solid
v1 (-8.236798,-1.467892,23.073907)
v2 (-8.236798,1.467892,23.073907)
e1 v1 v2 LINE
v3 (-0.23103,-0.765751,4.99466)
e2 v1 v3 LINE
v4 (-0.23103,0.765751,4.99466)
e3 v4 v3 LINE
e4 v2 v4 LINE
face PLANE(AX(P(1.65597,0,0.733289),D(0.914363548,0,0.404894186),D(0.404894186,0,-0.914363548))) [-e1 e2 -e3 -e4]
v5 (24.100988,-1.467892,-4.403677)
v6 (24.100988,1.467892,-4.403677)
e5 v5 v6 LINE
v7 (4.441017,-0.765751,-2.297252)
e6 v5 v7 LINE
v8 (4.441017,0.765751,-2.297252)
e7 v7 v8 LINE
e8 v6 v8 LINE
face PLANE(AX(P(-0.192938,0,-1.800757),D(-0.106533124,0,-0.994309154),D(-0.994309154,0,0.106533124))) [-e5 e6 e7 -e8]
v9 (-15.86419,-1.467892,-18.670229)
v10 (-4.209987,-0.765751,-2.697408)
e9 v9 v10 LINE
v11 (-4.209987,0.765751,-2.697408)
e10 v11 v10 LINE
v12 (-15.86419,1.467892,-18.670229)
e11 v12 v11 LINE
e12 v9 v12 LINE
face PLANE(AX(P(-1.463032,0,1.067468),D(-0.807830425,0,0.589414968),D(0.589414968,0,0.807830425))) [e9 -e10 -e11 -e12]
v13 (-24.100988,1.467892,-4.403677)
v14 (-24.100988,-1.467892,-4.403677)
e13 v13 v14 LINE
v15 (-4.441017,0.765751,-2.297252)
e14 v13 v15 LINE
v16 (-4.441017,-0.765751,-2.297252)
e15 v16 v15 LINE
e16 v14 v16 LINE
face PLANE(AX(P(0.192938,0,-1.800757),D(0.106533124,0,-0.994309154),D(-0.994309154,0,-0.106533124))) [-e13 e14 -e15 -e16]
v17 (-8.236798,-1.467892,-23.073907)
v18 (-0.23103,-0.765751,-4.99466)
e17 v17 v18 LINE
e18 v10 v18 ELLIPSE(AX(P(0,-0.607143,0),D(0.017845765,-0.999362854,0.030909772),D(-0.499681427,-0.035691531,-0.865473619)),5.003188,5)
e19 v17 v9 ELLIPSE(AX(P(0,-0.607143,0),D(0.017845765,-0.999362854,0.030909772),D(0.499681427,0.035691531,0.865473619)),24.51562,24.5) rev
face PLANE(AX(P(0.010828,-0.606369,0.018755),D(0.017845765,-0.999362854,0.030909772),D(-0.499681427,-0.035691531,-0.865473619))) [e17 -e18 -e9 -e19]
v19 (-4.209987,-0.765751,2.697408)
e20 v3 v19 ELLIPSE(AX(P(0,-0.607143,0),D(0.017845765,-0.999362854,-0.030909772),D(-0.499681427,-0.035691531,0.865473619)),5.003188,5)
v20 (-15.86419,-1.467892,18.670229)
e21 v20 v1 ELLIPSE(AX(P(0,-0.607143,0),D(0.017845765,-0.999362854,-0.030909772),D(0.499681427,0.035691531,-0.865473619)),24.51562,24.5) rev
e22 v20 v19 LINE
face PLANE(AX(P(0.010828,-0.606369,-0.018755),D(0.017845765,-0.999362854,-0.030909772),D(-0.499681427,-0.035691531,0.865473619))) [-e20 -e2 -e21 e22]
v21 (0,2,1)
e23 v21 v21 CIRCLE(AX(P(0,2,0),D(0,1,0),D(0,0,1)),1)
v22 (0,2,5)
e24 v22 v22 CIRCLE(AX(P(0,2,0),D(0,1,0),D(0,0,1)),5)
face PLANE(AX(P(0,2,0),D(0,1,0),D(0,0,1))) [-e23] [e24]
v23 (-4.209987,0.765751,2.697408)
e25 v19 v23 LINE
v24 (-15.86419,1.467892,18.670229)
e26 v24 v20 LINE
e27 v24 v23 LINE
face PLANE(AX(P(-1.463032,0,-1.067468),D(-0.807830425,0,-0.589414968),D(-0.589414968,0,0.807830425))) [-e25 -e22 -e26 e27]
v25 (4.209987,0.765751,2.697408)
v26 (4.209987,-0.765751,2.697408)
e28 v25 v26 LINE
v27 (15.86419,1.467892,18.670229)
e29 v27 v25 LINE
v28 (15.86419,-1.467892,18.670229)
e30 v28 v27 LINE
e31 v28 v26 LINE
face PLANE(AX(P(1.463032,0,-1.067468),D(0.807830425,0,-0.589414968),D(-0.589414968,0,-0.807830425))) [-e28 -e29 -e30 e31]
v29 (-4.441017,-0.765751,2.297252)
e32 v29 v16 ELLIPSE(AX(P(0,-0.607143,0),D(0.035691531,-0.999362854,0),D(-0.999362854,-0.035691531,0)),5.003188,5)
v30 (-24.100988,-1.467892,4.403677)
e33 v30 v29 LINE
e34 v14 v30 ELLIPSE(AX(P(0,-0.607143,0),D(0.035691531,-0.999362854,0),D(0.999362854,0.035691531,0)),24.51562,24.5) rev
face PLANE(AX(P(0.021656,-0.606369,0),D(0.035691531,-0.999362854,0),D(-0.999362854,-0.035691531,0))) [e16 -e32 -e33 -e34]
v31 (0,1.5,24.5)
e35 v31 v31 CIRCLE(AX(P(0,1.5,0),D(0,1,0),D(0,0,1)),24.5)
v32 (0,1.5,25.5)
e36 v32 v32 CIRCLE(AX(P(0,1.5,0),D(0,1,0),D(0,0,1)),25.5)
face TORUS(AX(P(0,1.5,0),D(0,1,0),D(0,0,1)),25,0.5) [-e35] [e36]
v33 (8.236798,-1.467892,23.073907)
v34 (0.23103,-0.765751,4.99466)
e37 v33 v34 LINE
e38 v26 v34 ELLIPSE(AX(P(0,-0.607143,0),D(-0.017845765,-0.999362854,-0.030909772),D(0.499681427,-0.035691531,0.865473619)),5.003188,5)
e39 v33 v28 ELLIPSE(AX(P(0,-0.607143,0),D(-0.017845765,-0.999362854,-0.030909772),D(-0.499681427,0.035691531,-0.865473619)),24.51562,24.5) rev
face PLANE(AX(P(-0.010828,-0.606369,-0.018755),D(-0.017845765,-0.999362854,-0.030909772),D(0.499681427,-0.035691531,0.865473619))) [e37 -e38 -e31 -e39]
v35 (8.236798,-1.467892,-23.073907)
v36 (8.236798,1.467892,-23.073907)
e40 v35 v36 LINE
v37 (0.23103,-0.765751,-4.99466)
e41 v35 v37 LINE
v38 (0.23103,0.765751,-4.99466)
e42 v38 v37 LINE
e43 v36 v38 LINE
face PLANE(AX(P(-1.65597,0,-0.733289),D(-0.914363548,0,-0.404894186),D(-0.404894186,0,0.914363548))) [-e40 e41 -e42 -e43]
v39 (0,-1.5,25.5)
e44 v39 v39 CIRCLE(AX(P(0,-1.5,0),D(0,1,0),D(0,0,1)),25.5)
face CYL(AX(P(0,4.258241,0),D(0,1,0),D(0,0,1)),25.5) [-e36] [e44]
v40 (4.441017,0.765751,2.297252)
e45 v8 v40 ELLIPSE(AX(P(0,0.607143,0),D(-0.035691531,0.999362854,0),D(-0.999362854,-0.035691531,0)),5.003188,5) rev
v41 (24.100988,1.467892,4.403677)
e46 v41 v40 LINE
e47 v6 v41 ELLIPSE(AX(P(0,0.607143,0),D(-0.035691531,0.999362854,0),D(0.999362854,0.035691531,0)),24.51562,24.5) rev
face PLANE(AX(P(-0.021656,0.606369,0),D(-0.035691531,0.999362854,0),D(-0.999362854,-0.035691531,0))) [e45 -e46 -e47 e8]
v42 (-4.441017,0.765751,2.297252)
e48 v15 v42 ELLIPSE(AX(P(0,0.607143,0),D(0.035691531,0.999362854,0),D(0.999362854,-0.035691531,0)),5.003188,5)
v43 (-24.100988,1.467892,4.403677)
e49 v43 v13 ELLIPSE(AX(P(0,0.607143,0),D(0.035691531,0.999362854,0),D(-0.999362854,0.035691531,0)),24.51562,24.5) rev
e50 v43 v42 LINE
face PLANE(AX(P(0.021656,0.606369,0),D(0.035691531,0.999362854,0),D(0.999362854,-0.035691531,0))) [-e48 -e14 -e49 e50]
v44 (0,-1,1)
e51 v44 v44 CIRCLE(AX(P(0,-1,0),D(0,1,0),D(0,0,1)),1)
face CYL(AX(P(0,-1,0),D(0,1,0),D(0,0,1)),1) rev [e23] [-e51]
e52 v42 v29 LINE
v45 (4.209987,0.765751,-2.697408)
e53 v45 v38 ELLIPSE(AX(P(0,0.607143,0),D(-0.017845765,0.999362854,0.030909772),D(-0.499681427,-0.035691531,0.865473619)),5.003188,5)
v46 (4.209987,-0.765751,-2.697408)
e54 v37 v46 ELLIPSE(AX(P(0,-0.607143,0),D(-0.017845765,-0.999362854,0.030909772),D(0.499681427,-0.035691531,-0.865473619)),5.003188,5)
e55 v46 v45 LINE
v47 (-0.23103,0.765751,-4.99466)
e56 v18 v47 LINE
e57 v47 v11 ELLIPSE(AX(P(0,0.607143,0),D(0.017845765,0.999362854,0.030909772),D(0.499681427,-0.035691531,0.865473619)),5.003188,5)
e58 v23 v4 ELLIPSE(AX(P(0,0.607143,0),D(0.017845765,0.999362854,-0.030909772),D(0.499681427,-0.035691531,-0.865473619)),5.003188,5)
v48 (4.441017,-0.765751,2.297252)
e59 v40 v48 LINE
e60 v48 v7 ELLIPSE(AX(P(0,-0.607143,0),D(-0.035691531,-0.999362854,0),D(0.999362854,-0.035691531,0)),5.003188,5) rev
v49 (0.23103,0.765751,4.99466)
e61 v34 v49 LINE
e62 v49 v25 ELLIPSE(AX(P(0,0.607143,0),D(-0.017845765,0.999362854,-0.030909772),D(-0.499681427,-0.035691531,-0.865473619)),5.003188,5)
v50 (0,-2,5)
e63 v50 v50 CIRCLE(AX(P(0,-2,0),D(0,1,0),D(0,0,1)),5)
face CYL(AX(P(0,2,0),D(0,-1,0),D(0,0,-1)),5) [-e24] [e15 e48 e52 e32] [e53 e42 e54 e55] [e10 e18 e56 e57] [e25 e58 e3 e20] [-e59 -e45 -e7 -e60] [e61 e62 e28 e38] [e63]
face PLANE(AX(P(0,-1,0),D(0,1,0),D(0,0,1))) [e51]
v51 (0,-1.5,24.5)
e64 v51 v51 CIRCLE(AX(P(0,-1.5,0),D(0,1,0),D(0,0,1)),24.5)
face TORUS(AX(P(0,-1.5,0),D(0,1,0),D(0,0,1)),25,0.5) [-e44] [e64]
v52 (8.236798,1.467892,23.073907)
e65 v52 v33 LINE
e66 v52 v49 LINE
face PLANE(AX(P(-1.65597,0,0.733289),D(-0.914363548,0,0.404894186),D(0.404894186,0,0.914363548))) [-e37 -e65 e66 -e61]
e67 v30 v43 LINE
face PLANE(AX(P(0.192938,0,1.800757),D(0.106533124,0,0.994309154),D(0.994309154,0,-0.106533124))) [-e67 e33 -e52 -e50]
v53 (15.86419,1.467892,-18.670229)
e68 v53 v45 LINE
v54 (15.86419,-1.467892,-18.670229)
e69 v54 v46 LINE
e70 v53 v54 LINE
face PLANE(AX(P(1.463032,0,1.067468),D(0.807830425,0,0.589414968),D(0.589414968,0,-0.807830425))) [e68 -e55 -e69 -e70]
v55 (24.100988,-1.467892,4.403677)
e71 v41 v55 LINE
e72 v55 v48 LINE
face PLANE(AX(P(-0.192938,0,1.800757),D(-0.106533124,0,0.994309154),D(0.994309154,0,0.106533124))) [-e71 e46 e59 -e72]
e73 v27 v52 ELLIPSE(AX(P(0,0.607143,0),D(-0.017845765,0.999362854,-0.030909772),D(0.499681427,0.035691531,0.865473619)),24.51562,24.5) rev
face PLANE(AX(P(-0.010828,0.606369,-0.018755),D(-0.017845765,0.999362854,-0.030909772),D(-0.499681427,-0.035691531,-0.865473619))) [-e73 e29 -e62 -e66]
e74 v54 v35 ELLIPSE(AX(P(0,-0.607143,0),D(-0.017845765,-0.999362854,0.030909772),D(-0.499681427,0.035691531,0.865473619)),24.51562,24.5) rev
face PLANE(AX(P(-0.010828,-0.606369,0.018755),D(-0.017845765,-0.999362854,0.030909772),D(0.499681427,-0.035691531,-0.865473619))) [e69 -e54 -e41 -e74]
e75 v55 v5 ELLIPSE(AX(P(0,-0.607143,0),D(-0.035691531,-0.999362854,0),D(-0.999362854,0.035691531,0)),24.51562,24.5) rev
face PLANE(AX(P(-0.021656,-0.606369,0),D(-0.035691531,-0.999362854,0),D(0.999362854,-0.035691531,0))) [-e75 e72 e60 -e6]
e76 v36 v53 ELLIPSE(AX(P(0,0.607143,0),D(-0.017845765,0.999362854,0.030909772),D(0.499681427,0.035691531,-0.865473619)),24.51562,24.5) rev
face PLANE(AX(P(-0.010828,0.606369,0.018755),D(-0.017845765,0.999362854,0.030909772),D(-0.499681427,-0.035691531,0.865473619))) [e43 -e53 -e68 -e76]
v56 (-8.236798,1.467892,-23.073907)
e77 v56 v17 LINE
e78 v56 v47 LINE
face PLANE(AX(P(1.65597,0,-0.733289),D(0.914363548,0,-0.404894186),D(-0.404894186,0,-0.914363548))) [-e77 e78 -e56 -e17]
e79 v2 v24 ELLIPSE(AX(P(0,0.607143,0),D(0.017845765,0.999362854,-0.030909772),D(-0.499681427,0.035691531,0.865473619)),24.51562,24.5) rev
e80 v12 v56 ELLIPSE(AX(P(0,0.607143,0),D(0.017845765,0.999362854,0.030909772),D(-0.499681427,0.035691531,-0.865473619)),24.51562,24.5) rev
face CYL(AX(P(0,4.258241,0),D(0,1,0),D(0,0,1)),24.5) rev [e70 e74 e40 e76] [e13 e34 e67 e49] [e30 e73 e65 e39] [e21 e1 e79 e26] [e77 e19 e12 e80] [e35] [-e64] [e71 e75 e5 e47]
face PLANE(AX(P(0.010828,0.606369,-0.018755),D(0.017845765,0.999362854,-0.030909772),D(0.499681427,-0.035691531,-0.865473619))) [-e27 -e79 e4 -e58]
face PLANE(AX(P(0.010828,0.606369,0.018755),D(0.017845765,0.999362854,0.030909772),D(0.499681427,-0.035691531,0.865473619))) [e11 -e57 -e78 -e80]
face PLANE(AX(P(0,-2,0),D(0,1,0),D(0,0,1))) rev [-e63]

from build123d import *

# Parameters (mm, degrees)
BOSS_EXTRUDE1_DEPTH      = 2
BOSS_EXTRUDE1_DEPTH_BACK = 2
SKETCH2_R                = 5
CIRPATTERN1_COUNT        = 6
SKETCH5_R                = 1
CUT_EXTRUDE1_DEPTH       = 3


with BuildPart() as part:
    # Sketch1 → Revolve1 (revolve)
    with BuildSketch(Plane.XY):
        with BuildLine():
            Line((25.5, 1.5), (25.5, -1.5))
            ThreePointArc((25.5, -1.5), (25, -2), (24.5, -1.5))
            Line((24.5, -1.5), (24.5, 1.5))
            ThreePointArc((24.5, 1.5), (25, 2), (25.5, 1.5))
        make_face()
    revolve(axis=Axis((0, 4.258241229, 0), (0, -1, 0)))



with BuildPart() as body_2:
    # Sketch2 → Boss-Extrude1 (new, two sides: drawn at the far end of the back side and taken through both)
    with BuildSketch(Plane(origin=(0, 0, 0), x_dir=(1, 0, 0), z_dir=(0, 1, 0)).offset(-BOSS_EXTRUDE1_DEPTH_BACK)):
        Circle(SKETCH2_R)
    extrude(amount=BOSS_EXTRUDE1_DEPTH + BOSS_EXTRUDE1_DEPTH_BACK)


with BuildPart() as part_1:
    add(part.part)

    add(body_2.part)  # Loft1 merges body 2
    # Sketch4 → Loft1 section 0
    with BuildSketch(Plane(origin=(25, 0, 0), x_dir=(0, 0, -1), z_dir=(1, 0, 0))):
        with BuildLine():
            Line((4.5, -1.5), (-4.5, -1.5))
            Line((-4.5, -1.5), (-4.5, 1.5))
            Line((-4.5, 1.5), (4.5, 1.5))
            Line((4.5, 1.5), (4.5, -1.5))
        make_face()
    # Sketch3 → Loft1 section 1
    with BuildSketch(Plane(origin=(4, 0, 0), x_dir=(0, 0, -1), z_dir=(1, 0, 0))):
        with BuildLine():
            Line((2.25, -0.75), (-2.25, -0.75))
            Line((-2.25, -0.75), (-2.25, 0.75))
            Line((-2.25, 0.75), (2.25, 0.75))
            Line((2.25, 0.75), (2.25, -0.75))
        make_face()
    loft1 = loft()

    # CirPattern1: Loft1 ×6 about axis
    cirpattern1_axis = Axis((0, 2, 0), (0, 1, 0))
    for i in range(1, CIRPATTERN1_COUNT):
        add(loft1.rotate(cirpattern1_axis, i * 360 / CIRPATTERN1_COUNT))

    # Sketch5 → Cut-Extrude1 (cut)
    with BuildSketch(Plane(origin=(0, 2, 0), x_dir=(1, 0, 0), z_dir=(0, 1, 0))):
        Circle(SKETCH5_R)
    extrude(amount=-CUT_EXTRUDE1_DEPTH, mode=Mode.SUBTRACT)


solid = part_1.part
